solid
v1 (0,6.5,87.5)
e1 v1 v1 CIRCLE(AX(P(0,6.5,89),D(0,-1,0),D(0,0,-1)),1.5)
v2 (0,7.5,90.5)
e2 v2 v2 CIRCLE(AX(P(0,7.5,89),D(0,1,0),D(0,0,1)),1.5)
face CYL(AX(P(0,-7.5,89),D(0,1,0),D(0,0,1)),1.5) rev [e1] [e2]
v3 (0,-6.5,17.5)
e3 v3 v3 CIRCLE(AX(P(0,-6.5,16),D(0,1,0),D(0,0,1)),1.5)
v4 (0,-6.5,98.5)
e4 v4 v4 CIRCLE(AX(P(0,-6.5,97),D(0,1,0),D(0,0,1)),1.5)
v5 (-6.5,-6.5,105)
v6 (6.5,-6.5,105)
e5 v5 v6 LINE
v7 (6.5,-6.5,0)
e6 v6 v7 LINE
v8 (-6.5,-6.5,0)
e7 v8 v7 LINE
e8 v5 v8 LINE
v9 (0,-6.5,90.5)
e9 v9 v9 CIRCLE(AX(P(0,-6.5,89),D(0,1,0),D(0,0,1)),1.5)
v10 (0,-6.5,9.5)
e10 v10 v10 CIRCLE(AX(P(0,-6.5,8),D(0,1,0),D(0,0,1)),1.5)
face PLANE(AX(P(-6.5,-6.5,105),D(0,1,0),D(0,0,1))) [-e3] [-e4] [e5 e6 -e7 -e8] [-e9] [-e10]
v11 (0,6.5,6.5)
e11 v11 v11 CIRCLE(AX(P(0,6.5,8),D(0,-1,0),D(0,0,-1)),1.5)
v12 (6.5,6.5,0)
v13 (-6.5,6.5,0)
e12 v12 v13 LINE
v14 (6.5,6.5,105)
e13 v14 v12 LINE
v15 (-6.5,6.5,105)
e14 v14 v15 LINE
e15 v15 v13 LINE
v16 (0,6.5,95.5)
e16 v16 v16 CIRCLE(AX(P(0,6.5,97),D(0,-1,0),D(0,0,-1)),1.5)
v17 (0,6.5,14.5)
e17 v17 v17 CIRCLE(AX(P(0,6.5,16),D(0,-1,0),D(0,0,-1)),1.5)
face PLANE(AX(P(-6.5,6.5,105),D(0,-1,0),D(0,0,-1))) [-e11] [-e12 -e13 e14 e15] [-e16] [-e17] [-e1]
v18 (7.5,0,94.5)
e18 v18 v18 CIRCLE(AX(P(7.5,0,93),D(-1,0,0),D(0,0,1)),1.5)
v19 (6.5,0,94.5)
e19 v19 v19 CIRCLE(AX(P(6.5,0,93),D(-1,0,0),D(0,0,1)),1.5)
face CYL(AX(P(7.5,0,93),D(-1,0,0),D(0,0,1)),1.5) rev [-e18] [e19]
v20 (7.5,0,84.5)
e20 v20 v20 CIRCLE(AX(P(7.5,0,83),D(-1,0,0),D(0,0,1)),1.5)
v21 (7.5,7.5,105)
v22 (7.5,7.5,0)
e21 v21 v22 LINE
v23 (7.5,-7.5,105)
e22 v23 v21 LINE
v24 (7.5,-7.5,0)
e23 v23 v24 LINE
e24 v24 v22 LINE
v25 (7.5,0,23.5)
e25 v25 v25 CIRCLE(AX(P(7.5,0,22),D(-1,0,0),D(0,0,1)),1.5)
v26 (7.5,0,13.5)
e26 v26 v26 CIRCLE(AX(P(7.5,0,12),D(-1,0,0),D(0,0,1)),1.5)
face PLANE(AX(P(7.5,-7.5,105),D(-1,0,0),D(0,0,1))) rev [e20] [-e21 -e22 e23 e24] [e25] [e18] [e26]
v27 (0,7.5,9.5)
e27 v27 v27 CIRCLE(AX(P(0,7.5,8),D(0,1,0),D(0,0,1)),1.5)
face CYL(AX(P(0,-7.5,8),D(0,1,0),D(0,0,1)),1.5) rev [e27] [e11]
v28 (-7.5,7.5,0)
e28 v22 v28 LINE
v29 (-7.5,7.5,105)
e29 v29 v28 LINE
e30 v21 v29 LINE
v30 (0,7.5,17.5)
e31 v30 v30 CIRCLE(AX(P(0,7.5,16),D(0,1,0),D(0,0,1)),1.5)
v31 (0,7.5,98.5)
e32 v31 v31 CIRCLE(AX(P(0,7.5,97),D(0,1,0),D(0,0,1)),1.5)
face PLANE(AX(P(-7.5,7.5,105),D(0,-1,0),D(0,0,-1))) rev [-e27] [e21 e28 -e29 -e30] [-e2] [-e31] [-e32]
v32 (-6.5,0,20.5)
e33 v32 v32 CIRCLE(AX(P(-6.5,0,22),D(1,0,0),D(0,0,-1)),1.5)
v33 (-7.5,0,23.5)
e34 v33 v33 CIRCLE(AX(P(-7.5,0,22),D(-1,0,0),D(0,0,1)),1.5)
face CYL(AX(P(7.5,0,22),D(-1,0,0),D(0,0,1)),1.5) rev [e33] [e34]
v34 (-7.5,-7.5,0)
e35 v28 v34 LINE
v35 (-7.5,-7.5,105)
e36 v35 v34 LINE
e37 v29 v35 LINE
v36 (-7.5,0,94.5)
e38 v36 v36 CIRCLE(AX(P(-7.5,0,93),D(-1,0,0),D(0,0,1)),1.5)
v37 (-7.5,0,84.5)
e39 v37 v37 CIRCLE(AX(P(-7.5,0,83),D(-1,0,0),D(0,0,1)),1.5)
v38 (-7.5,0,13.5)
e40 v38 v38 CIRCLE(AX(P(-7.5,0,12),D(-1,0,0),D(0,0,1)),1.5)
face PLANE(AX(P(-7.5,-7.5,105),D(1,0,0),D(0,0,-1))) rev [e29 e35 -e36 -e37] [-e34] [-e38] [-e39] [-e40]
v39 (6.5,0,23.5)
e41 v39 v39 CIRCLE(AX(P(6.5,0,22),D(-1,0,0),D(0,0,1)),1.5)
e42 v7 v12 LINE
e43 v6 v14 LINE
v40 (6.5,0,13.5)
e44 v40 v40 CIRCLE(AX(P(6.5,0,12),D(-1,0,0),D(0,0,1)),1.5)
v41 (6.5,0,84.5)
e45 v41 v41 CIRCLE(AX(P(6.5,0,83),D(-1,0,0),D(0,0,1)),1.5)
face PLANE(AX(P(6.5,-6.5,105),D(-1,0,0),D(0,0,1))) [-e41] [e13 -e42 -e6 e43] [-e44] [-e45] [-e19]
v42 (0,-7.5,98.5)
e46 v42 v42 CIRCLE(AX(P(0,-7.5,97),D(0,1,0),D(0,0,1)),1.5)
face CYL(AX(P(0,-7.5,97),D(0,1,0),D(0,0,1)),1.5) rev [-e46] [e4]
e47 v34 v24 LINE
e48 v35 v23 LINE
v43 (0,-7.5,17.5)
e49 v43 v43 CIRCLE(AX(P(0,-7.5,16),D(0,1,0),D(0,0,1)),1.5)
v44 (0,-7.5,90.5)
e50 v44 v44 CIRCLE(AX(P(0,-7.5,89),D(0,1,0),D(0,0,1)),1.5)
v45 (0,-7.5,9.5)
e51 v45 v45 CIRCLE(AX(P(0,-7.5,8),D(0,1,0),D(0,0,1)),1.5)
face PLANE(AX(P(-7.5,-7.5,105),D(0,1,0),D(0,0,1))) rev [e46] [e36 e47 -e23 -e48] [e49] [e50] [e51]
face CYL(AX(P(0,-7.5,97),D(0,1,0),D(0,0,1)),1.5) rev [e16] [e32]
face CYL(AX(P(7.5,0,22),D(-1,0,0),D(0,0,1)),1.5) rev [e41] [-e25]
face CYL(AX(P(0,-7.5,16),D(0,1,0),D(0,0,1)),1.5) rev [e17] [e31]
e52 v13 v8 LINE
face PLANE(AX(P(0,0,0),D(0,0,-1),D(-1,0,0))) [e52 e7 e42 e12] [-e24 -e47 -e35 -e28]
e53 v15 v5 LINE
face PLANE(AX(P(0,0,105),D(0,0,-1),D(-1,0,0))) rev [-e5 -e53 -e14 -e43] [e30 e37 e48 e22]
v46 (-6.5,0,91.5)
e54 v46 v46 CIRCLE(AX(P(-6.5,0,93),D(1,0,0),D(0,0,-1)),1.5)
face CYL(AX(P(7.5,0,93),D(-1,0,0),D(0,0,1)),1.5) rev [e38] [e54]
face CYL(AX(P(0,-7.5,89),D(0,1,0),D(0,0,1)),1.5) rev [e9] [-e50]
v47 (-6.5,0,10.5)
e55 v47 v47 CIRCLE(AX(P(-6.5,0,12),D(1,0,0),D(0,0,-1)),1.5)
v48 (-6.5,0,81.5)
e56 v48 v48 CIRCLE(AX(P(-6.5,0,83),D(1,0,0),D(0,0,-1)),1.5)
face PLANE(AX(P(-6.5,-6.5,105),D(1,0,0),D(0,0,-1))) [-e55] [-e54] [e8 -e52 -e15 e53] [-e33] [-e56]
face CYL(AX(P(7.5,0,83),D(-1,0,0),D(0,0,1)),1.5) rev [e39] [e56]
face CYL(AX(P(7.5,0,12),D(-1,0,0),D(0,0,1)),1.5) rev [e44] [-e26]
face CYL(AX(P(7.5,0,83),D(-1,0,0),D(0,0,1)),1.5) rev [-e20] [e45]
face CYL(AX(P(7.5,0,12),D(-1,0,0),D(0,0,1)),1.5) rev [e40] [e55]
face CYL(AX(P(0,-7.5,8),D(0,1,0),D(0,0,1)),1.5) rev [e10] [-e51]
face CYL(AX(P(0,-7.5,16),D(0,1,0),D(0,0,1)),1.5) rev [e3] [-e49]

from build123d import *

# Parameters (mm, degrees)
SKETCH_1_W          = 15
SKETCH_1_H          = 15
SKETCH_1_W_2        = 13
SKETCH_1_H_2        = 13
EXTRUDE_1_DEPTH     = 105
SKETCH_3_R          = 1.5
CUT_EXTRUDE_2_DEPTH = 107.330851591
SKETCH_4_R          = 1.5
CUT_EXTRUDE_3_DEPTH = 107.330851591


with BuildPart() as part:
    # 草图1 → 凸台-拉伸1 (new body)
    with BuildSketch(Plane.XY):
        Rectangle(SKETCH_1_W, SKETCH_1_H)
        Rectangle(SKETCH_1_W_2, SKETCH_1_H_2, mode=Mode.SUBTRACT)
    extrude(amount=EXTRUDE_1_DEPTH)

    # 草图3 → 切除-拉伸2 (cut, through all)
    with BuildSketch(Plane(origin=(0, 7.5, 0), x_dir=(1, 0, 0), z_dir=(0, 1, 0))):
        with Locations(Location((0, -97, 0), (0, 0, 270))):
            Circle(SKETCH_3_R)
        with Locations(Location((0, -89, 0), (0, 0, 270))):
            Circle(SKETCH_3_R)
        with Locations(Location((0, -16, 0), (0, 0, 270))):
            Circle(SKETCH_3_R)
        with Locations(Location((0, -8, 0), (0, 0, 270))):
            Circle(SKETCH_3_R)
    extrude(amount=-CUT_EXTRUDE_2_DEPTH, mode=Mode.SUBTRACT)

    # 草图4 → 切除-拉伸3 (cut, through all)
    with BuildSketch(Plane.ZY.offset(7.5)):
        with Locations((93, 0)):
            Circle(SKETCH_4_R)
        with Locations((83, 0)):
            Circle(SKETCH_4_R)
        with Locations((12, 0)):
            Circle(SKETCH_4_R)
        with Locations((22, 0)):
            Circle(SKETCH_4_R)
    extrude(amount=-CUT_EXTRUDE_3_DEPTH, mode=Mode.SUBTRACT)


solid = part.part
